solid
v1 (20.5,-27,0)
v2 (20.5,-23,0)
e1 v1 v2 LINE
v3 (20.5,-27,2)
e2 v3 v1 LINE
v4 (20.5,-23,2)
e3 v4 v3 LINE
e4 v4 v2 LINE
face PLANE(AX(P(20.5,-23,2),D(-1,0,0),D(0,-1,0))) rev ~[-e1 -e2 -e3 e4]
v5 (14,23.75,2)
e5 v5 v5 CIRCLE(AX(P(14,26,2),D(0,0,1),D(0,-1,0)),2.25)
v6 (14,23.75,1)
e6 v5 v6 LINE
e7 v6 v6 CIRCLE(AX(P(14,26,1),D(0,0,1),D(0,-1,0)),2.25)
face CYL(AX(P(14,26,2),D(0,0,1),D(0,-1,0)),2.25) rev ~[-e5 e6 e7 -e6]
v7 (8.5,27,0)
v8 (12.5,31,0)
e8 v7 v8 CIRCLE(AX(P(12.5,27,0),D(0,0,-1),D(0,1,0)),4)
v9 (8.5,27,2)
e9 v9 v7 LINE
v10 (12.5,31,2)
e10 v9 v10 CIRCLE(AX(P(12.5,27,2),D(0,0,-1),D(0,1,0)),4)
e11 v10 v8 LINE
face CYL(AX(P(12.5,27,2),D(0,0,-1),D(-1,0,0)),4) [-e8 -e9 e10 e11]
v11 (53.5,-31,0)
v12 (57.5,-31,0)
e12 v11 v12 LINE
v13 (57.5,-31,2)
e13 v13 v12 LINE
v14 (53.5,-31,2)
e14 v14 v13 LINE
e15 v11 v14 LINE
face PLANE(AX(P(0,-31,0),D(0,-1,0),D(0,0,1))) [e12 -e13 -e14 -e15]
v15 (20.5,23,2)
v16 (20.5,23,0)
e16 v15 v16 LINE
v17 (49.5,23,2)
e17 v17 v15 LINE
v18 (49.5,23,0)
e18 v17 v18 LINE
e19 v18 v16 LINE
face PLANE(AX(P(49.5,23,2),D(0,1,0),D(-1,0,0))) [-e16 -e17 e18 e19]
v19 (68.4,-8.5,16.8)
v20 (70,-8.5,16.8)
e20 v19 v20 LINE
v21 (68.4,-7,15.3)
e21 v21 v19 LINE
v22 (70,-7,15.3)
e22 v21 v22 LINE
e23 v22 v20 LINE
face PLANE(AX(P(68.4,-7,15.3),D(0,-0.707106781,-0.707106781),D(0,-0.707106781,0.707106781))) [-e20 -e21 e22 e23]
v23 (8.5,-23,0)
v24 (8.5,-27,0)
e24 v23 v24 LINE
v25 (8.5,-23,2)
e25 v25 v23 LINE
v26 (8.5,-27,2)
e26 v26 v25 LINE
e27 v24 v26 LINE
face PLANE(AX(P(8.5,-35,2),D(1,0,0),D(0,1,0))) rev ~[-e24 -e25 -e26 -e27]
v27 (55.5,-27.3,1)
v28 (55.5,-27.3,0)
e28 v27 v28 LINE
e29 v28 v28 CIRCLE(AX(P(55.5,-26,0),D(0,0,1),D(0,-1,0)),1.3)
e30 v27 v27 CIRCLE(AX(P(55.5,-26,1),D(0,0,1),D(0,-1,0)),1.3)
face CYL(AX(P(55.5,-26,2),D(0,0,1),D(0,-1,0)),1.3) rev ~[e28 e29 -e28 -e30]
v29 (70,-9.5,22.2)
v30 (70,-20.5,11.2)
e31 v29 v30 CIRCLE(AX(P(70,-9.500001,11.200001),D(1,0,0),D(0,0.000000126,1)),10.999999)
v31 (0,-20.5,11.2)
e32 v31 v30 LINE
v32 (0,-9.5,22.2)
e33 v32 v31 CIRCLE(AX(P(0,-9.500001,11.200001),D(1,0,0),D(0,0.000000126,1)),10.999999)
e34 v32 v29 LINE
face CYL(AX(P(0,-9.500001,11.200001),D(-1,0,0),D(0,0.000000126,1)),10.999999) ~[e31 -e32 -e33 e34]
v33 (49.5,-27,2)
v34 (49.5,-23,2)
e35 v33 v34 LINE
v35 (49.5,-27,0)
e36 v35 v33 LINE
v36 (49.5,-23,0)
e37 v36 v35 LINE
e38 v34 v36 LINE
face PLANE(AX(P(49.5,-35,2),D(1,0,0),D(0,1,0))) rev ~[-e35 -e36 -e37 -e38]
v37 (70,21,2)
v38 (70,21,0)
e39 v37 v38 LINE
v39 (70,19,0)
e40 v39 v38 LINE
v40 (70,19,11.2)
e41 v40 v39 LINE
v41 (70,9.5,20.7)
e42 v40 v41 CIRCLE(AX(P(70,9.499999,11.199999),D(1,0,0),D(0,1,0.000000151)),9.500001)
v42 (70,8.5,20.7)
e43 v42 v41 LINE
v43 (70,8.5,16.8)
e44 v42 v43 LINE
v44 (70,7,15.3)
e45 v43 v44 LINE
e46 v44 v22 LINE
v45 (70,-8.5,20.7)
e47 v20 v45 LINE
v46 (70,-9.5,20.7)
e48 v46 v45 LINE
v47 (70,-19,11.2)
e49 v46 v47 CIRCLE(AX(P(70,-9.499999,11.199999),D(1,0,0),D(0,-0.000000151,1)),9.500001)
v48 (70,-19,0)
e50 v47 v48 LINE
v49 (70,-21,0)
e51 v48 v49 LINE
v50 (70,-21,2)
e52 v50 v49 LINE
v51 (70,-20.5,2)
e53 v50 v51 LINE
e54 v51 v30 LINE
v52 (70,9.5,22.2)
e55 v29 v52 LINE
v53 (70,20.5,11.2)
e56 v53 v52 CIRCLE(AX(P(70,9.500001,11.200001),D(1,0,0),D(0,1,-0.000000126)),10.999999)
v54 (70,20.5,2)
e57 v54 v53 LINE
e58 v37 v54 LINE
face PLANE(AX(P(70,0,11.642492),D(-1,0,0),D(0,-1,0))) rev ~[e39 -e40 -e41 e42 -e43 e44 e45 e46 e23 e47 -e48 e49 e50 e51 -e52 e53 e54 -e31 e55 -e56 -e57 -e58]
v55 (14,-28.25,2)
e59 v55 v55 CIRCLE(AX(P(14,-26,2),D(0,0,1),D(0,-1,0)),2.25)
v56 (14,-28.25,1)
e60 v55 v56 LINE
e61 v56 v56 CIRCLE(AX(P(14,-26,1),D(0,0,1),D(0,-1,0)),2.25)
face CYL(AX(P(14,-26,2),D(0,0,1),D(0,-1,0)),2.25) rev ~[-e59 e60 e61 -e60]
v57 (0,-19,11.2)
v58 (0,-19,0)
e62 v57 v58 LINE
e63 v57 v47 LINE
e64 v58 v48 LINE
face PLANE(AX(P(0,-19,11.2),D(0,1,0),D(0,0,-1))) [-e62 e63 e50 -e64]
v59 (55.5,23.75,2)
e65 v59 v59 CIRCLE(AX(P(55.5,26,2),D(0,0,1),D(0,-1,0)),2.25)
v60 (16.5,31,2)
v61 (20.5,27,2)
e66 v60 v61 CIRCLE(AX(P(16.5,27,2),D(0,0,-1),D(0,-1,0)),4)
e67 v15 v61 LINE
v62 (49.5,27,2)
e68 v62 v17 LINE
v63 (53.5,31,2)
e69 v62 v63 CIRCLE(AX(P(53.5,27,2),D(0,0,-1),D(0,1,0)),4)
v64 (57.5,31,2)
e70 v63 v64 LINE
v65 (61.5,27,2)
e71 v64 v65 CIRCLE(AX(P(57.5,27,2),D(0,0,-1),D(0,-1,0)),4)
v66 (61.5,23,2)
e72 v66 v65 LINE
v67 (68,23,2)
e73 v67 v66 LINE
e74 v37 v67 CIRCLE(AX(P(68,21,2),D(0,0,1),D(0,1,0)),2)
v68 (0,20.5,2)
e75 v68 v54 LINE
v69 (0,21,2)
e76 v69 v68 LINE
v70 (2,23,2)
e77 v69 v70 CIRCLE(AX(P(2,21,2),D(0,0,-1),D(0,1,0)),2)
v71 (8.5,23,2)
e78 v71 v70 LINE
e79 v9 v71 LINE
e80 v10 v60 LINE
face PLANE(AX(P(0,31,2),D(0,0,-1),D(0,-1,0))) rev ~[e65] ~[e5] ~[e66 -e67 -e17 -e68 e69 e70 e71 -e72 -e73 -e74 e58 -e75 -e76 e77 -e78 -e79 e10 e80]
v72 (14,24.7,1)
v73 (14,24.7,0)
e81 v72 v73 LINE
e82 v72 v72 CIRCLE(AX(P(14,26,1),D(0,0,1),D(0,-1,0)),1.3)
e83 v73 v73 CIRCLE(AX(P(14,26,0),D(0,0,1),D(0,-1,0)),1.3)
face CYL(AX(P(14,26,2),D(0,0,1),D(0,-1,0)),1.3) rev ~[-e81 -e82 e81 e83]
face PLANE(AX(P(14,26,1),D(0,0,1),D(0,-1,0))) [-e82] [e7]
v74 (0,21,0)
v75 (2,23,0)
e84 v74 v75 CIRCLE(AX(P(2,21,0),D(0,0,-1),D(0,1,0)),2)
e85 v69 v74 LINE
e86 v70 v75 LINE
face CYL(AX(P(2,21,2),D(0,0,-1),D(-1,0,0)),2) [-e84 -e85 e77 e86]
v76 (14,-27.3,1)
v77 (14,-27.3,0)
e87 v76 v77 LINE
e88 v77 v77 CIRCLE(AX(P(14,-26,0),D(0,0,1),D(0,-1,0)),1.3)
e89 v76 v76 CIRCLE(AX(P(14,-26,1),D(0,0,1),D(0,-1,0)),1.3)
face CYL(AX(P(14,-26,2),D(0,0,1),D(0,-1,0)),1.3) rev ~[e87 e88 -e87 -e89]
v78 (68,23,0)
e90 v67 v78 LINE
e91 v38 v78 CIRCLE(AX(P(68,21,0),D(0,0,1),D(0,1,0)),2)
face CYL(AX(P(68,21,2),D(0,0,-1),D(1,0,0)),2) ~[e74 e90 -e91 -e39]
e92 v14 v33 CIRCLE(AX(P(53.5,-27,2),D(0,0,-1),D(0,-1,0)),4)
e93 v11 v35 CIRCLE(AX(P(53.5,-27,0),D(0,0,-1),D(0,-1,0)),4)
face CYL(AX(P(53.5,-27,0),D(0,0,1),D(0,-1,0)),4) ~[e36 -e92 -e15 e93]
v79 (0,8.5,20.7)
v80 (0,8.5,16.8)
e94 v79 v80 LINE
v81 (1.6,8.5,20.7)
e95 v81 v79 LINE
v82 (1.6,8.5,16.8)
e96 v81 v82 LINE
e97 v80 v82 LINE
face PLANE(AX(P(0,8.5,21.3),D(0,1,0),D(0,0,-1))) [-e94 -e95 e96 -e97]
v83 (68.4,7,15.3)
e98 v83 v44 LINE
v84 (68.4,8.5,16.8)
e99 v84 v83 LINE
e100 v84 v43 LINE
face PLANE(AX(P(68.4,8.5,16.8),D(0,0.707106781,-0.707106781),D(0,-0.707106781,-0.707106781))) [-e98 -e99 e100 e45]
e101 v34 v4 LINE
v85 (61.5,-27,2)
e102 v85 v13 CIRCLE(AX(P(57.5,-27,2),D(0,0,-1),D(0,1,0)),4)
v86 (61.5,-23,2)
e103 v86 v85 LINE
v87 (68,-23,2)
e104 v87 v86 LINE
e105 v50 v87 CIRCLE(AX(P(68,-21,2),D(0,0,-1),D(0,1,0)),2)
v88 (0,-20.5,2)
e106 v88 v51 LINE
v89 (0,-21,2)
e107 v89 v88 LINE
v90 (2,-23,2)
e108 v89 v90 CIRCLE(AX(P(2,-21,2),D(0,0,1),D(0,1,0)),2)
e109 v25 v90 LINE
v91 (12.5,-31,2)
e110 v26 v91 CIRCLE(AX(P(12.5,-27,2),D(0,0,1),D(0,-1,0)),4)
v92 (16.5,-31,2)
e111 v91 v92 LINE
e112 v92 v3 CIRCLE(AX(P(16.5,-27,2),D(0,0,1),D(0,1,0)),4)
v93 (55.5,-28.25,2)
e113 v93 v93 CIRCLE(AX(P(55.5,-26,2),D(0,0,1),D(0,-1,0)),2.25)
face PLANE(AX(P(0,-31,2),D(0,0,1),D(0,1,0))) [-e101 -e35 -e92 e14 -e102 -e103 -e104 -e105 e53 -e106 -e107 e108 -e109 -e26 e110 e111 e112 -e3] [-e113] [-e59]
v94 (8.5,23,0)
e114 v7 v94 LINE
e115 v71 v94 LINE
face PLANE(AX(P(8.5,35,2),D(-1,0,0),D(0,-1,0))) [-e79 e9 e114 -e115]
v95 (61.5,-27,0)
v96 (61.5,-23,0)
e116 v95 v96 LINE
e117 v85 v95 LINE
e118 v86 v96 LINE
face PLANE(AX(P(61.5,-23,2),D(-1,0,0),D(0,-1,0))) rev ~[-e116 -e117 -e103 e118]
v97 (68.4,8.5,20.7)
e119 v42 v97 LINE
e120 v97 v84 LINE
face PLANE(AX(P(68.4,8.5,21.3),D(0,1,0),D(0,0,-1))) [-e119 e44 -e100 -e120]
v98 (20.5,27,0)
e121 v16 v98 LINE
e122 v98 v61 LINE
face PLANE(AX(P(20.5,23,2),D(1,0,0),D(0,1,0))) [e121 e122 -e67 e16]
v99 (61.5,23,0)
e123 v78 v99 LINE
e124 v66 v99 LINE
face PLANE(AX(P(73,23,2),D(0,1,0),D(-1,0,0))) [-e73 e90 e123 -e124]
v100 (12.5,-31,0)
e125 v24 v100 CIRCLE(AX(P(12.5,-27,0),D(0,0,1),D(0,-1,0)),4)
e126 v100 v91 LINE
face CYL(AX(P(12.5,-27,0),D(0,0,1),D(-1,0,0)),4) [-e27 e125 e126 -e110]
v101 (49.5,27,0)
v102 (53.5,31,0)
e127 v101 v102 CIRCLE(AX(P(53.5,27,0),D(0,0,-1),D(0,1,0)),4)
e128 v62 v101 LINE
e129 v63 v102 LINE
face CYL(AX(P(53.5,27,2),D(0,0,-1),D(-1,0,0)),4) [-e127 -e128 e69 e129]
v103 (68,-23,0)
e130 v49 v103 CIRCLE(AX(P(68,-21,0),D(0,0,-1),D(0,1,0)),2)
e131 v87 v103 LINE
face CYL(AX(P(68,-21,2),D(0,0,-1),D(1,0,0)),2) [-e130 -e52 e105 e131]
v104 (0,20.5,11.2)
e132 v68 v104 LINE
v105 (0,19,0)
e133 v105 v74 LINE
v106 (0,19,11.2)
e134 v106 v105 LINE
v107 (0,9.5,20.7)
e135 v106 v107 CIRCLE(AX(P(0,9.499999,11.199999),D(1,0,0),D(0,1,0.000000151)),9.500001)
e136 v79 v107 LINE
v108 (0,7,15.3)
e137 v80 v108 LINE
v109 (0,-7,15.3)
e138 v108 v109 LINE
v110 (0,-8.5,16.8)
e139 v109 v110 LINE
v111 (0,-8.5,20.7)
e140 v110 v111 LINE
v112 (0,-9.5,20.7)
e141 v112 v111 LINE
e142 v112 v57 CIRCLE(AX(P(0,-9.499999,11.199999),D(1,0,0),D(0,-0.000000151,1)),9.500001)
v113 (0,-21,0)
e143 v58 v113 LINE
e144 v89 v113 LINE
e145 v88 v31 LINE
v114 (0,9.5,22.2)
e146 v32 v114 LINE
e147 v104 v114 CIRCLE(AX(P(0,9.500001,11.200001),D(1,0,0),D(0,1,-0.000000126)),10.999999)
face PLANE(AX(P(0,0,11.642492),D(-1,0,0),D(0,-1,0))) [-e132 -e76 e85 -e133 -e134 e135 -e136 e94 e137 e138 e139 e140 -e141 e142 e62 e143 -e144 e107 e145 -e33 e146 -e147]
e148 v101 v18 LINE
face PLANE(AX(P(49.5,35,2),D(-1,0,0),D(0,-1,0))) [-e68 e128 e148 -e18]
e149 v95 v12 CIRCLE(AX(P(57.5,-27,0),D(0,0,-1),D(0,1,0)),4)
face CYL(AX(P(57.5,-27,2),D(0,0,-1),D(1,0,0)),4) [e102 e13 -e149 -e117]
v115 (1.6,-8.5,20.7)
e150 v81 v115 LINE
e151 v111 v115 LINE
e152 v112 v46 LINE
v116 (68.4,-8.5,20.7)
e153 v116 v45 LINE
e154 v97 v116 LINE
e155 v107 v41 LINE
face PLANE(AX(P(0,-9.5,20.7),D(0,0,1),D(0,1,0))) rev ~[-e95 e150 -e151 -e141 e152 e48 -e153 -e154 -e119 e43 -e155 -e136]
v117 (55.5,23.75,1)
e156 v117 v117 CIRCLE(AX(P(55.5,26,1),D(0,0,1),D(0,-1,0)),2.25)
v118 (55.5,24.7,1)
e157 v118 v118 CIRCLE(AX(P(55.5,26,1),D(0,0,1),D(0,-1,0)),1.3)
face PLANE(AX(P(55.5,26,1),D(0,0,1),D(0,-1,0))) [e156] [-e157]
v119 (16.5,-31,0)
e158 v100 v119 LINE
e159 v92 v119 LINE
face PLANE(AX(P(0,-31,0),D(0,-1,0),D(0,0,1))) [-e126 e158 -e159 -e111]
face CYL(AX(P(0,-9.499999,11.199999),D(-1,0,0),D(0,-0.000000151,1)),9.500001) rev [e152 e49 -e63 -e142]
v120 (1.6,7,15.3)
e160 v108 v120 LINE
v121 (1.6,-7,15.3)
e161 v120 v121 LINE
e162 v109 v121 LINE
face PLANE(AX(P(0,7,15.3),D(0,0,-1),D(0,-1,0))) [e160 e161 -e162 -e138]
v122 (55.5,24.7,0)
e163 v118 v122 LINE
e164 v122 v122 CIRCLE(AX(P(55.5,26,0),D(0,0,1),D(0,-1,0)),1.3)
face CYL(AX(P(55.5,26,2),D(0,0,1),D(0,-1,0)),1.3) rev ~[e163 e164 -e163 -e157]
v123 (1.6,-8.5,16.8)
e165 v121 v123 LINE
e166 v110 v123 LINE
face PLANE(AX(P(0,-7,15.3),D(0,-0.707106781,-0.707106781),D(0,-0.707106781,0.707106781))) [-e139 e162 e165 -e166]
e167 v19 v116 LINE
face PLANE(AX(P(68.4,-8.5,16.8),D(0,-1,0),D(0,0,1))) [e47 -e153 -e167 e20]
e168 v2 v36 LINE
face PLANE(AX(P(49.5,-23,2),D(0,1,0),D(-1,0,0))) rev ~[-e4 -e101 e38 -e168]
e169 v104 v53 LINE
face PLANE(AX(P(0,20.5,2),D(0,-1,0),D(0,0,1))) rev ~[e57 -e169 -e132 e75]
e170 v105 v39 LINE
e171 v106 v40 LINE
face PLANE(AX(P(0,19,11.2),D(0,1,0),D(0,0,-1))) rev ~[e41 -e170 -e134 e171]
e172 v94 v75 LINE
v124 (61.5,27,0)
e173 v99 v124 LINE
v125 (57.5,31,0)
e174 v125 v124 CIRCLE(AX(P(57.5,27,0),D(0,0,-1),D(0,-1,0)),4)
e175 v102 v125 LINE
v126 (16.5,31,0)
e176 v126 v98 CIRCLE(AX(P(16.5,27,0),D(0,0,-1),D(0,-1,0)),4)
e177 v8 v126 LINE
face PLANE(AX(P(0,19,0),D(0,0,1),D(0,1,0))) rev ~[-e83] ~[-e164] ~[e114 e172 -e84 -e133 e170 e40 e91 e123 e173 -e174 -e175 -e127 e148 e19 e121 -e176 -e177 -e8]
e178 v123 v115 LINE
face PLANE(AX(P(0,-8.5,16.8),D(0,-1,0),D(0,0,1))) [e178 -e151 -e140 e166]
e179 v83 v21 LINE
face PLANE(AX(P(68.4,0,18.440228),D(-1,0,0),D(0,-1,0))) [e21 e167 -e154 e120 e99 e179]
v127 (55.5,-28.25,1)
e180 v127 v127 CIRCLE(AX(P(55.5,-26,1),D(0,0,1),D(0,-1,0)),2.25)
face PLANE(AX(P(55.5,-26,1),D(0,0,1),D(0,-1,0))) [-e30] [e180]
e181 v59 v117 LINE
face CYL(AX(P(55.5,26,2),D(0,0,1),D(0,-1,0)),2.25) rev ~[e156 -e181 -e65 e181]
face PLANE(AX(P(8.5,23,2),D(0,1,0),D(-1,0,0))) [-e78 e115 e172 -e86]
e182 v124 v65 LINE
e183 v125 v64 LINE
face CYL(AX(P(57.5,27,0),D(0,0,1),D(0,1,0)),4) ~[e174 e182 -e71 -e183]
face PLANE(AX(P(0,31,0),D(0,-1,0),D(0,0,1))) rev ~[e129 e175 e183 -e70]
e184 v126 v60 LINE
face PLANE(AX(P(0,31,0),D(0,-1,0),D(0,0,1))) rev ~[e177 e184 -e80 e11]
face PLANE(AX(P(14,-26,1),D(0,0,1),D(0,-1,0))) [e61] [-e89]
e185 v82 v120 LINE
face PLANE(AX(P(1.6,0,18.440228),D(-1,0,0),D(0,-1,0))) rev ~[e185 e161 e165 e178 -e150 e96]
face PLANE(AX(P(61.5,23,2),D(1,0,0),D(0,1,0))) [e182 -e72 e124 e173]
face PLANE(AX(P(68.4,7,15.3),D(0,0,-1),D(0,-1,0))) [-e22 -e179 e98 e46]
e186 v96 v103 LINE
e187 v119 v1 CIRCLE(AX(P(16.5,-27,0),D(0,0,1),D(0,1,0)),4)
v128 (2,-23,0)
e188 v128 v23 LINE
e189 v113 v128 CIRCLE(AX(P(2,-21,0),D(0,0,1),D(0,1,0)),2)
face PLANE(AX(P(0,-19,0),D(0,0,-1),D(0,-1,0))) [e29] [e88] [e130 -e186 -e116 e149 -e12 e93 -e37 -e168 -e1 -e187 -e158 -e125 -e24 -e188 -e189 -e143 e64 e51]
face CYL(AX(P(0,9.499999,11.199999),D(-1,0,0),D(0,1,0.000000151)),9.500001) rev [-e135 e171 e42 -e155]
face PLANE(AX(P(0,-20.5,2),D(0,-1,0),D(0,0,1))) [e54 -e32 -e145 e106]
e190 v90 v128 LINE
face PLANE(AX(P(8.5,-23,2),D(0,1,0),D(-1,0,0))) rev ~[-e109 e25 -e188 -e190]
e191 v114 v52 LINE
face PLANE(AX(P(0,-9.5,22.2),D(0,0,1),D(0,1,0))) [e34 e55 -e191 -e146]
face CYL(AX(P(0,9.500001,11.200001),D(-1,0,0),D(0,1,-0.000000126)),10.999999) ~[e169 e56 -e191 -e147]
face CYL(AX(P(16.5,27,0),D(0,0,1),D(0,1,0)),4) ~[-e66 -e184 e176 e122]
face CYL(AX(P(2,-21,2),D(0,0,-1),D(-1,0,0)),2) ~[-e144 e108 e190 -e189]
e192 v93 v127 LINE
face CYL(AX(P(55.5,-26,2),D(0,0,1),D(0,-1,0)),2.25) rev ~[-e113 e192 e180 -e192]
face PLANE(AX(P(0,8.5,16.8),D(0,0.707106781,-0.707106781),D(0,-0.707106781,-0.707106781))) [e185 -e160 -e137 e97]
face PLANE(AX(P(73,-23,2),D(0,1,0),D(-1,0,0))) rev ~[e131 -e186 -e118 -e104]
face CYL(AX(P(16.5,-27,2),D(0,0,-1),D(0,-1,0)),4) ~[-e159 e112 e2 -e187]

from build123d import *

# Parameters (mm, degrees)
PAD_DEPTH           = 70
POCKET_DEPTH        = 2.001
SKETCH002_R         = 1.3
POCKET001_DEPTH     = 2.001
SKETCH003_R         = 2.25
POCKET002_DEPTH     = 1
PAD001_DEPTH        = 1.6
LINEARPATTERN_COUNT = 2
LINEARPATTERN_PITCH = 68.4
FILLET_R            = 2
FILLET001_R         = 4
FILLET002_R         = 4


with BuildPart() as part:
    # Sketch → Pad (new body)
    with BuildSketch(Plane.YZ):
        with BuildLine():
            ThreePointArc((19, 11.2), (16.217514, 17.917514), (9.5, 20.7))
            Line((-9.5, 20.7), (9.5, 20.7))
            ThreePointArc((-9.5, 20.7), (-16.217514, 17.917514), (-19, 11.2))
            Line((-19, 11.2), (-19, 0))
            Line((-19, 0), (-31, 0))
            Line((-31, 0), (-31, 2))
            Line((-31, 2), (-20.5, 2))
            Line((-20.5, 2), (-20.5, 11.2))
            ThreePointArc((-9.5, 22.2), (-17.278175, 18.978175), (-20.5, 11.2))
            Line((-9.5, 22.2), (9.5, 22.2))
            ThreePointArc((20.5, 11.2), (17.278175, 18.978175), (9.5, 22.2))
            Line((20.5, 2), (20.5, 11.2))
            Line((31, 2), (20.5, 2))
            Line((31, 0), (31, 2))
            Line((19, 0), (31, 0))
            Line((19, 11.2), (19, 0))
        make_face()
    extrude(amount=PAD_DEPTH)

    # Sketch001 (on Face13 of Pad) → Pocket (cut, through all)
    with BuildSketch(Plane(origin=(0, 0, 2), x_dir=(0, -1, 0), z_dir=(0, 0, 1))):
        Polygon((23, 73), (23, 61.5), (35, 61.5), (35, 49.5), (23, 49.5), (23, 20.5), (35, 20.5), (35, 8.5), (23, 8.5), (23, -3), (46, -3), (46, 73), align=None)
        Polygon((-46, 73), (-23, 73), (-23, 61.5), (-35, 61.5), (-35, 49.5), (-23, 49.5), (-23, 20.5), (-35, 20.5), (-35, 8.5), (-23, 8.5), (-23, -3), (-46, -3), align=None)
    extrude(amount=-POCKET_DEPTH, mode=Mode.SUBTRACT)

    # Sketch002 (on Face17 of Pocket) → Pocket001 (cut, through all)
    with BuildSketch(Plane(origin=(0, 0, 2), x_dir=(0, -1, 0), z_dir=(0, 0, 1))):
        with Locations((26, 14)):
            Circle(SKETCH002_R)
        with Locations((-26, 14)):
            Circle(SKETCH002_R)
        with Locations((26, 55.5)):
            Circle(SKETCH002_R)
        with Locations((-26, 55.5)):
            Circle(SKETCH002_R)
    extrude(amount=-POCKET001_DEPTH, mode=Mode.SUBTRACT)

    # Sketch003 (on Face17 of Pocket001) → Pocket002 (cut)
    with BuildSketch(Plane(origin=(0, 0, 2), x_dir=(0, -1, 0), z_dir=(0, 0, 1))):
        with Locations((26, 55.5)):
            Circle(SKETCH003_R)
        with Locations((26, 14)):
            Circle(SKETCH003_R)
        with Locations((-26, 55.5)):
            Circle(SKETCH003_R)
        with Locations((-26, 14)):
            Circle(SKETCH003_R)
    extrude(amount=-POCKET002_DEPTH, mode=Mode.SUBTRACT)

    # Sketch004 → Pad001 (join)
    with BuildSketch(Plane.YZ):
        Polygon((-8.5, 21.3), (8.5, 21.3), (8.5, 16.8), (7, 15.3), (-7, 15.3), (-8.5, 16.8), align=None)
    pad001 = extrude(amount=PAD001_DEPTH)

    # LinearPattern: Pad001 ×2
    with Locations(*[(i * LINEARPATTERN_PITCH, 0, 0) for i in range(1, LINEARPATTERN_COUNT)]):
        add(pad001)

    # Fillet
    fillet_edges = [part.edges().sort_by_distance(p)[0] for p in [
        (70, 23, 1),
        (70, -23, 1),
        (0, -23, 1),
        (0, 23, 1),
    ]]
    fillet(fillet_edges, radius=FILLET_R)

    # Fillet001
    fillet001_edges = [part.edges().sort_by_distance(p)[0] for p in [
        (8.5, -31, 1),
        (20.5, -31, 1),
        (49.5, -31, 1),
        (61.5, -31, 1),
    ]]
    fillet(fillet001_edges, radius=FILLET001_R)

    # Fillet002
    fillet002_edges = [part.edges().sort_by_distance(p)[0] for p in [
        (61.5, 31, 1),
        (49.5, 31, 1),
        (20.5, 31, 1),
        (8.5, 31, 1),
    ]]
    fillet(fillet002_edges, radius=FILLET002_R)


solid = part.part
